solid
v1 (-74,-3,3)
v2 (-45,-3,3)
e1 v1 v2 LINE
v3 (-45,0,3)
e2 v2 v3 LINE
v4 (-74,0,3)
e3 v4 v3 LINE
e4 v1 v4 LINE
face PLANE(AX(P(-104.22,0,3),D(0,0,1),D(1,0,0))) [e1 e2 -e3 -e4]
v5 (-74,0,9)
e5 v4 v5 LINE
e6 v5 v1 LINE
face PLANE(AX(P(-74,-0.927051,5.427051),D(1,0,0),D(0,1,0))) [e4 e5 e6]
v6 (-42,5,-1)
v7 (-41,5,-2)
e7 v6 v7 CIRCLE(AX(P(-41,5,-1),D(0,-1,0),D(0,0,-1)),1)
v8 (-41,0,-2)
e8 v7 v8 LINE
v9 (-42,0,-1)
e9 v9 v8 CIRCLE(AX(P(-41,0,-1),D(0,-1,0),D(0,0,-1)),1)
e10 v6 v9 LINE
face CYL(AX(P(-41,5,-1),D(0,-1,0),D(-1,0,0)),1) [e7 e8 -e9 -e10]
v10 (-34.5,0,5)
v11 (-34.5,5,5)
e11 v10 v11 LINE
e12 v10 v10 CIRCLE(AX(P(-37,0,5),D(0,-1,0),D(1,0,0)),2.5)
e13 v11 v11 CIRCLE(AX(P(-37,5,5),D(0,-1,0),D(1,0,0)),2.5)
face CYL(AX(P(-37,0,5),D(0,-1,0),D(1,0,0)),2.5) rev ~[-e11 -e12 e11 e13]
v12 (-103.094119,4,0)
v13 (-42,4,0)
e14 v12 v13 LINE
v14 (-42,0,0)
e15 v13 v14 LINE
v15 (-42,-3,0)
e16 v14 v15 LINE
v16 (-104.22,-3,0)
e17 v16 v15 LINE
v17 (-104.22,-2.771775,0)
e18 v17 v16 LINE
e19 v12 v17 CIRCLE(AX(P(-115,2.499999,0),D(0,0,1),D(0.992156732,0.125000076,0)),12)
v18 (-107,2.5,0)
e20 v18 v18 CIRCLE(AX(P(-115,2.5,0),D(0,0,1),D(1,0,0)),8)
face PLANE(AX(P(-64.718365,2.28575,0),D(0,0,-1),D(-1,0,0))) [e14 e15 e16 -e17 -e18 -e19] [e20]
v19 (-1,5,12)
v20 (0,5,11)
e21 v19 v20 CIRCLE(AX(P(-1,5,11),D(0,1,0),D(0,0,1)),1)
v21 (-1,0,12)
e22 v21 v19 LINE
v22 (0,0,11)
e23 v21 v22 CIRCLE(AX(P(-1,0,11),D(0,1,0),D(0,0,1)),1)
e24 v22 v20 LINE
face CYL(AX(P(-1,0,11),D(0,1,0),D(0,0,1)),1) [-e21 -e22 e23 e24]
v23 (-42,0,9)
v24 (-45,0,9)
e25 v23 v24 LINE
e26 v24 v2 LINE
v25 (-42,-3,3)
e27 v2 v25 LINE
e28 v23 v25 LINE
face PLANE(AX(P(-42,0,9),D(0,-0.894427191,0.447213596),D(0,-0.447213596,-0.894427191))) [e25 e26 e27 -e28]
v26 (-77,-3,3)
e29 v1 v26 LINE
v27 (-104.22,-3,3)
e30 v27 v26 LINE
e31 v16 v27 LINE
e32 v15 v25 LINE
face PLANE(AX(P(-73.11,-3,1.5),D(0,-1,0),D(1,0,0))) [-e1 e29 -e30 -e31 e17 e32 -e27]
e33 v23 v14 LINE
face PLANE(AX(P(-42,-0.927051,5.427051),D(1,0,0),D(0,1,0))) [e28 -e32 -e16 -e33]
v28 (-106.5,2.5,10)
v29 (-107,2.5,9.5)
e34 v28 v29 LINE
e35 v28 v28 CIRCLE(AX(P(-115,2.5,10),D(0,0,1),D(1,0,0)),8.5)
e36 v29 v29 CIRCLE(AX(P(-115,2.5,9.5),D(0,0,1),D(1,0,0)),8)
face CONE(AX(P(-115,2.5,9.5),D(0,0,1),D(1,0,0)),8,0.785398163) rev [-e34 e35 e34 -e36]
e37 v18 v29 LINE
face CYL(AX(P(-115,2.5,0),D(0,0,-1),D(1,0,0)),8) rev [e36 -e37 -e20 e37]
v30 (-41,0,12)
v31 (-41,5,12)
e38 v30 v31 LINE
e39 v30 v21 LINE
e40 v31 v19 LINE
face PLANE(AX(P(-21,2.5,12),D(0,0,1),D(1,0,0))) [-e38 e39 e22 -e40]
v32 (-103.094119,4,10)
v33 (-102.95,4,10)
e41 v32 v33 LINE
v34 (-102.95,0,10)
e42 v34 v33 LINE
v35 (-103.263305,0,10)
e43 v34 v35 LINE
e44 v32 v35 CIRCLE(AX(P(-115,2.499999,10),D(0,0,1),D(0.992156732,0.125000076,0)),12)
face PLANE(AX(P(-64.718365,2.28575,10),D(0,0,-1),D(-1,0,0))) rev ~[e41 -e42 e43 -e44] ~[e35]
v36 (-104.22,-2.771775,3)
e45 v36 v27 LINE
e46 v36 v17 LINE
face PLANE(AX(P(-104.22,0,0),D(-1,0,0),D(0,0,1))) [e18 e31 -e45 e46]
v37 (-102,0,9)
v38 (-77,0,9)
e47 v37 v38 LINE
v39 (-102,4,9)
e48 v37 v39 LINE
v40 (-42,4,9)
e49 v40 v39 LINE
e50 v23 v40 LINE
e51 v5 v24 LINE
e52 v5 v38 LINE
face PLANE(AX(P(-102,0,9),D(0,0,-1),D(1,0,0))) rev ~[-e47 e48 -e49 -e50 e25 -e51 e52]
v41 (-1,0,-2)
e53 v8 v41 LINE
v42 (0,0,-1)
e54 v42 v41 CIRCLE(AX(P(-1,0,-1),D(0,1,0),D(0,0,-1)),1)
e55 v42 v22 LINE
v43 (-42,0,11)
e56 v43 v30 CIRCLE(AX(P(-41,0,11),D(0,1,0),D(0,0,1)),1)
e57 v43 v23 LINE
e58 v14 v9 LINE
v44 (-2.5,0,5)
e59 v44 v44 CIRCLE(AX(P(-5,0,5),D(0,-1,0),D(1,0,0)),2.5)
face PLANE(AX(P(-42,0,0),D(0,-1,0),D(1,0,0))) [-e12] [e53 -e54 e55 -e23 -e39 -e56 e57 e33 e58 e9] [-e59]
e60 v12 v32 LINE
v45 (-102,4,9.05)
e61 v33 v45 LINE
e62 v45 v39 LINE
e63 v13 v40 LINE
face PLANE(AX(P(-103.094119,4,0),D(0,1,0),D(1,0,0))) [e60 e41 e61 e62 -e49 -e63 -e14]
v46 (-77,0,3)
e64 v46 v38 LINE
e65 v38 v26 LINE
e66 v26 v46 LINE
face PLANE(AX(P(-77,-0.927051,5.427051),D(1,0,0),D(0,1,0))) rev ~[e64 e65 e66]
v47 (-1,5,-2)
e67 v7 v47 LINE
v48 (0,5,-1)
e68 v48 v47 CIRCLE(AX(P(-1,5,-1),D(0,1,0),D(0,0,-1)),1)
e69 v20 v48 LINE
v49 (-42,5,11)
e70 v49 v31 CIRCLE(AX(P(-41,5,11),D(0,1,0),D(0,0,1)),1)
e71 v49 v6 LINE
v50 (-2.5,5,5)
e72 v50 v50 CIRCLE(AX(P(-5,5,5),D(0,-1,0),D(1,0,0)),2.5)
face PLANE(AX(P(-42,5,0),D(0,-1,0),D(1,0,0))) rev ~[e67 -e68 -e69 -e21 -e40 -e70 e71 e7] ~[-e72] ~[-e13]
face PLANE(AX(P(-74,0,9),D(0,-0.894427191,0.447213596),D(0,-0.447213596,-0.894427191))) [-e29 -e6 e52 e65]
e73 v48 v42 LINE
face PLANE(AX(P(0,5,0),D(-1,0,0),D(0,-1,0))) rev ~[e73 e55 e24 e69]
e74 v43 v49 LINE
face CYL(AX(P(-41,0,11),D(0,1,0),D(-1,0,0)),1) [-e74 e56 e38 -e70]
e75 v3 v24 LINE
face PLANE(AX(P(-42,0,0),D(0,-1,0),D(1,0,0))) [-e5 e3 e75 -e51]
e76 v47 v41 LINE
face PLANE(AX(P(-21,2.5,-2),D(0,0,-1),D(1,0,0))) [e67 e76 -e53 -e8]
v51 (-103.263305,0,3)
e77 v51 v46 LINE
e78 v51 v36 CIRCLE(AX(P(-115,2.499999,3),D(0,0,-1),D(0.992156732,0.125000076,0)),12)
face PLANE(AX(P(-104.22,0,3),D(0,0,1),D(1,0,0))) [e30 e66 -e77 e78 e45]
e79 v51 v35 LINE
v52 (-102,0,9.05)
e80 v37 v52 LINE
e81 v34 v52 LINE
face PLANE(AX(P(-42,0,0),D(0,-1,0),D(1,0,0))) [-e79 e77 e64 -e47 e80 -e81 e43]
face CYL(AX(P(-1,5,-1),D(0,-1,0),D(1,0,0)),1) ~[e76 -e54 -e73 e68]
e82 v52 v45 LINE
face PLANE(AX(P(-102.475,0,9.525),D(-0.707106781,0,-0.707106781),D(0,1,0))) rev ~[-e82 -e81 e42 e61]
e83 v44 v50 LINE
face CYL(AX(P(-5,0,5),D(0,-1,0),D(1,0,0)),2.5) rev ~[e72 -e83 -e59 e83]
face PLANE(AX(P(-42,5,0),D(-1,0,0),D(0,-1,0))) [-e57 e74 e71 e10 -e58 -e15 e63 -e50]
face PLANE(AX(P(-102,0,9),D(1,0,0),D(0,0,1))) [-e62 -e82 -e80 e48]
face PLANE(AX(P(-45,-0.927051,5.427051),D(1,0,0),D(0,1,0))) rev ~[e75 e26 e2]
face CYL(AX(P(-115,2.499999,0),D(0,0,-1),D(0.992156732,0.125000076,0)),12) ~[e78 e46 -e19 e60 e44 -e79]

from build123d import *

# Parameters (mm, degrees)
SKETCH_R        = 8
PAD_DEPTH       = 10
SKETCH001_R     = 2.5
POCKET_DEPTH    = 14.501
SKETCH002_W     = 42
SKETCH002_H     = 5
PAD001_DEPTH    = 2
SKETCH003_W     = 42
SKETCH003_H     = 5
PAD002_DEPTH    = 2
SKETCH004_W     = 62.22
SKETCH004_H     = 3
PAD003_DEPTH    = 3
PAD004_DEPTH    = 3
PAD005_DEPTH    = 3
FILLET_R        = 1
SKETCH007_W     = 60
SKETCH007_H     = 1
POCKET001_DEPTH = 14.501
CHAMFER_SIZE    = 0.95
CHAMFER001_SIZE = 0.5


with BuildPart() as part:
    # Sketch → Pad (new body)
    with BuildSketch(Plane.XY):
        with BuildLine():
            Line((0, 0), (-103.263305, 0))
            ThreePointArc((-103.094119, 4), (-126.98928, 3.007106), (-103.263305, 0))
            Line((-103.094119, 4), (-42, 4))
            Line((-42, 4), (-42, 5))
            Line((-42, 5), (0, 5))
            Line((0, 5), (0, 0))
        make_face()
        with Locations((-115, 2.5)):
            Circle(SKETCH_R, mode=Mode.SUBTRACT)
    extrude(amount=PAD_DEPTH)

    # Sketch001 (on Face1 of Pad) → Pocket (cut, through all)
    with BuildSketch(Plane.XZ):
        with Locations((-37, 5)):
            Circle(SKETCH001_R)
        with Locations((-5, 5)):
            Circle(SKETCH001_R)
    extrude(amount=-POCKET_DEPTH, mode=Mode.SUBTRACT)

    # Sketch002 (on Face4 of Pocket) → Pad001 (join)
    with BuildSketch(Plane.XY.offset(10)):
        with Locations((-21, 2.5)):
            Rectangle(SKETCH002_W, SKETCH002_H)
    extrude(amount=PAD001_DEPTH)

    # Sketch003 (on Face3 of Pad001) → Pad002 (join)
    with BuildSketch(Plane(origin=(0, 0, 0), x_dir=(1, 0, 0), z_dir=(0, 0, -1))):
        with Locations((-21, -2.5)):
            Rectangle(SKETCH003_W, SKETCH003_H)
    extrude(amount=PAD002_DEPTH)

    # Sketch004 → Pad003 (join)
    with BuildSketch(Plane.XZ):
        with Locations((-73.11, 1.5)):
            Rectangle(SKETCH004_W, SKETCH004_H)
    extrude(amount=PAD003_DEPTH)

    # Sketch005 → Pad004 (join)
    with BuildSketch(Plane.YZ.offset(-42)):
        Polygon((-3, 3), (0, 3), (0, 9), align=None)
    extrude(amount=-PAD004_DEPTH)

    # Sketch006 → Pad005 (join)
    with BuildSketch(Plane.YZ.offset(-74)):
        Polygon((-3, 3), (0, 3), (0, 9), align=None)
    extrude(amount=-PAD005_DEPTH)

    # Fillet
    fillet_edges = [part.edges().sort_by_distance(p)[0] for p in [
        (0, 2.5, -2),
        (0, 2.5, 12),
        (-42, 2.5, 12),
        (-42, 2.5, -2),
    ]]
    fillet(fillet_edges, radius=FILLET_R)

    # Sketch007 (on Face4 of Fillet) → Pocket001 (cut, through all)
    with BuildSketch(Plane.XZ):
        with Locations((-72, 9.5)):
            Rectangle(SKETCH007_W, SKETCH007_H)
    extrude(amount=-POCKET001_DEPTH, mode=Mode.SUBTRACT)

    # Chamfer
    chamfer_edges = [part.edges().sort_by_distance(p)[0] for p in [
        (-102, 2, 10),
    ]]
    chamfer(chamfer_edges, length=CHAMFER_SIZE)

    # Chamfer001
    chamfer001_edges = [part.edges().sort_by_distance(p)[0] for p in [
        (-123, 2.5, 10),
    ]]
    chamfer(chamfer001_edges, length=CHAMFER001_SIZE)


solid = part.part
